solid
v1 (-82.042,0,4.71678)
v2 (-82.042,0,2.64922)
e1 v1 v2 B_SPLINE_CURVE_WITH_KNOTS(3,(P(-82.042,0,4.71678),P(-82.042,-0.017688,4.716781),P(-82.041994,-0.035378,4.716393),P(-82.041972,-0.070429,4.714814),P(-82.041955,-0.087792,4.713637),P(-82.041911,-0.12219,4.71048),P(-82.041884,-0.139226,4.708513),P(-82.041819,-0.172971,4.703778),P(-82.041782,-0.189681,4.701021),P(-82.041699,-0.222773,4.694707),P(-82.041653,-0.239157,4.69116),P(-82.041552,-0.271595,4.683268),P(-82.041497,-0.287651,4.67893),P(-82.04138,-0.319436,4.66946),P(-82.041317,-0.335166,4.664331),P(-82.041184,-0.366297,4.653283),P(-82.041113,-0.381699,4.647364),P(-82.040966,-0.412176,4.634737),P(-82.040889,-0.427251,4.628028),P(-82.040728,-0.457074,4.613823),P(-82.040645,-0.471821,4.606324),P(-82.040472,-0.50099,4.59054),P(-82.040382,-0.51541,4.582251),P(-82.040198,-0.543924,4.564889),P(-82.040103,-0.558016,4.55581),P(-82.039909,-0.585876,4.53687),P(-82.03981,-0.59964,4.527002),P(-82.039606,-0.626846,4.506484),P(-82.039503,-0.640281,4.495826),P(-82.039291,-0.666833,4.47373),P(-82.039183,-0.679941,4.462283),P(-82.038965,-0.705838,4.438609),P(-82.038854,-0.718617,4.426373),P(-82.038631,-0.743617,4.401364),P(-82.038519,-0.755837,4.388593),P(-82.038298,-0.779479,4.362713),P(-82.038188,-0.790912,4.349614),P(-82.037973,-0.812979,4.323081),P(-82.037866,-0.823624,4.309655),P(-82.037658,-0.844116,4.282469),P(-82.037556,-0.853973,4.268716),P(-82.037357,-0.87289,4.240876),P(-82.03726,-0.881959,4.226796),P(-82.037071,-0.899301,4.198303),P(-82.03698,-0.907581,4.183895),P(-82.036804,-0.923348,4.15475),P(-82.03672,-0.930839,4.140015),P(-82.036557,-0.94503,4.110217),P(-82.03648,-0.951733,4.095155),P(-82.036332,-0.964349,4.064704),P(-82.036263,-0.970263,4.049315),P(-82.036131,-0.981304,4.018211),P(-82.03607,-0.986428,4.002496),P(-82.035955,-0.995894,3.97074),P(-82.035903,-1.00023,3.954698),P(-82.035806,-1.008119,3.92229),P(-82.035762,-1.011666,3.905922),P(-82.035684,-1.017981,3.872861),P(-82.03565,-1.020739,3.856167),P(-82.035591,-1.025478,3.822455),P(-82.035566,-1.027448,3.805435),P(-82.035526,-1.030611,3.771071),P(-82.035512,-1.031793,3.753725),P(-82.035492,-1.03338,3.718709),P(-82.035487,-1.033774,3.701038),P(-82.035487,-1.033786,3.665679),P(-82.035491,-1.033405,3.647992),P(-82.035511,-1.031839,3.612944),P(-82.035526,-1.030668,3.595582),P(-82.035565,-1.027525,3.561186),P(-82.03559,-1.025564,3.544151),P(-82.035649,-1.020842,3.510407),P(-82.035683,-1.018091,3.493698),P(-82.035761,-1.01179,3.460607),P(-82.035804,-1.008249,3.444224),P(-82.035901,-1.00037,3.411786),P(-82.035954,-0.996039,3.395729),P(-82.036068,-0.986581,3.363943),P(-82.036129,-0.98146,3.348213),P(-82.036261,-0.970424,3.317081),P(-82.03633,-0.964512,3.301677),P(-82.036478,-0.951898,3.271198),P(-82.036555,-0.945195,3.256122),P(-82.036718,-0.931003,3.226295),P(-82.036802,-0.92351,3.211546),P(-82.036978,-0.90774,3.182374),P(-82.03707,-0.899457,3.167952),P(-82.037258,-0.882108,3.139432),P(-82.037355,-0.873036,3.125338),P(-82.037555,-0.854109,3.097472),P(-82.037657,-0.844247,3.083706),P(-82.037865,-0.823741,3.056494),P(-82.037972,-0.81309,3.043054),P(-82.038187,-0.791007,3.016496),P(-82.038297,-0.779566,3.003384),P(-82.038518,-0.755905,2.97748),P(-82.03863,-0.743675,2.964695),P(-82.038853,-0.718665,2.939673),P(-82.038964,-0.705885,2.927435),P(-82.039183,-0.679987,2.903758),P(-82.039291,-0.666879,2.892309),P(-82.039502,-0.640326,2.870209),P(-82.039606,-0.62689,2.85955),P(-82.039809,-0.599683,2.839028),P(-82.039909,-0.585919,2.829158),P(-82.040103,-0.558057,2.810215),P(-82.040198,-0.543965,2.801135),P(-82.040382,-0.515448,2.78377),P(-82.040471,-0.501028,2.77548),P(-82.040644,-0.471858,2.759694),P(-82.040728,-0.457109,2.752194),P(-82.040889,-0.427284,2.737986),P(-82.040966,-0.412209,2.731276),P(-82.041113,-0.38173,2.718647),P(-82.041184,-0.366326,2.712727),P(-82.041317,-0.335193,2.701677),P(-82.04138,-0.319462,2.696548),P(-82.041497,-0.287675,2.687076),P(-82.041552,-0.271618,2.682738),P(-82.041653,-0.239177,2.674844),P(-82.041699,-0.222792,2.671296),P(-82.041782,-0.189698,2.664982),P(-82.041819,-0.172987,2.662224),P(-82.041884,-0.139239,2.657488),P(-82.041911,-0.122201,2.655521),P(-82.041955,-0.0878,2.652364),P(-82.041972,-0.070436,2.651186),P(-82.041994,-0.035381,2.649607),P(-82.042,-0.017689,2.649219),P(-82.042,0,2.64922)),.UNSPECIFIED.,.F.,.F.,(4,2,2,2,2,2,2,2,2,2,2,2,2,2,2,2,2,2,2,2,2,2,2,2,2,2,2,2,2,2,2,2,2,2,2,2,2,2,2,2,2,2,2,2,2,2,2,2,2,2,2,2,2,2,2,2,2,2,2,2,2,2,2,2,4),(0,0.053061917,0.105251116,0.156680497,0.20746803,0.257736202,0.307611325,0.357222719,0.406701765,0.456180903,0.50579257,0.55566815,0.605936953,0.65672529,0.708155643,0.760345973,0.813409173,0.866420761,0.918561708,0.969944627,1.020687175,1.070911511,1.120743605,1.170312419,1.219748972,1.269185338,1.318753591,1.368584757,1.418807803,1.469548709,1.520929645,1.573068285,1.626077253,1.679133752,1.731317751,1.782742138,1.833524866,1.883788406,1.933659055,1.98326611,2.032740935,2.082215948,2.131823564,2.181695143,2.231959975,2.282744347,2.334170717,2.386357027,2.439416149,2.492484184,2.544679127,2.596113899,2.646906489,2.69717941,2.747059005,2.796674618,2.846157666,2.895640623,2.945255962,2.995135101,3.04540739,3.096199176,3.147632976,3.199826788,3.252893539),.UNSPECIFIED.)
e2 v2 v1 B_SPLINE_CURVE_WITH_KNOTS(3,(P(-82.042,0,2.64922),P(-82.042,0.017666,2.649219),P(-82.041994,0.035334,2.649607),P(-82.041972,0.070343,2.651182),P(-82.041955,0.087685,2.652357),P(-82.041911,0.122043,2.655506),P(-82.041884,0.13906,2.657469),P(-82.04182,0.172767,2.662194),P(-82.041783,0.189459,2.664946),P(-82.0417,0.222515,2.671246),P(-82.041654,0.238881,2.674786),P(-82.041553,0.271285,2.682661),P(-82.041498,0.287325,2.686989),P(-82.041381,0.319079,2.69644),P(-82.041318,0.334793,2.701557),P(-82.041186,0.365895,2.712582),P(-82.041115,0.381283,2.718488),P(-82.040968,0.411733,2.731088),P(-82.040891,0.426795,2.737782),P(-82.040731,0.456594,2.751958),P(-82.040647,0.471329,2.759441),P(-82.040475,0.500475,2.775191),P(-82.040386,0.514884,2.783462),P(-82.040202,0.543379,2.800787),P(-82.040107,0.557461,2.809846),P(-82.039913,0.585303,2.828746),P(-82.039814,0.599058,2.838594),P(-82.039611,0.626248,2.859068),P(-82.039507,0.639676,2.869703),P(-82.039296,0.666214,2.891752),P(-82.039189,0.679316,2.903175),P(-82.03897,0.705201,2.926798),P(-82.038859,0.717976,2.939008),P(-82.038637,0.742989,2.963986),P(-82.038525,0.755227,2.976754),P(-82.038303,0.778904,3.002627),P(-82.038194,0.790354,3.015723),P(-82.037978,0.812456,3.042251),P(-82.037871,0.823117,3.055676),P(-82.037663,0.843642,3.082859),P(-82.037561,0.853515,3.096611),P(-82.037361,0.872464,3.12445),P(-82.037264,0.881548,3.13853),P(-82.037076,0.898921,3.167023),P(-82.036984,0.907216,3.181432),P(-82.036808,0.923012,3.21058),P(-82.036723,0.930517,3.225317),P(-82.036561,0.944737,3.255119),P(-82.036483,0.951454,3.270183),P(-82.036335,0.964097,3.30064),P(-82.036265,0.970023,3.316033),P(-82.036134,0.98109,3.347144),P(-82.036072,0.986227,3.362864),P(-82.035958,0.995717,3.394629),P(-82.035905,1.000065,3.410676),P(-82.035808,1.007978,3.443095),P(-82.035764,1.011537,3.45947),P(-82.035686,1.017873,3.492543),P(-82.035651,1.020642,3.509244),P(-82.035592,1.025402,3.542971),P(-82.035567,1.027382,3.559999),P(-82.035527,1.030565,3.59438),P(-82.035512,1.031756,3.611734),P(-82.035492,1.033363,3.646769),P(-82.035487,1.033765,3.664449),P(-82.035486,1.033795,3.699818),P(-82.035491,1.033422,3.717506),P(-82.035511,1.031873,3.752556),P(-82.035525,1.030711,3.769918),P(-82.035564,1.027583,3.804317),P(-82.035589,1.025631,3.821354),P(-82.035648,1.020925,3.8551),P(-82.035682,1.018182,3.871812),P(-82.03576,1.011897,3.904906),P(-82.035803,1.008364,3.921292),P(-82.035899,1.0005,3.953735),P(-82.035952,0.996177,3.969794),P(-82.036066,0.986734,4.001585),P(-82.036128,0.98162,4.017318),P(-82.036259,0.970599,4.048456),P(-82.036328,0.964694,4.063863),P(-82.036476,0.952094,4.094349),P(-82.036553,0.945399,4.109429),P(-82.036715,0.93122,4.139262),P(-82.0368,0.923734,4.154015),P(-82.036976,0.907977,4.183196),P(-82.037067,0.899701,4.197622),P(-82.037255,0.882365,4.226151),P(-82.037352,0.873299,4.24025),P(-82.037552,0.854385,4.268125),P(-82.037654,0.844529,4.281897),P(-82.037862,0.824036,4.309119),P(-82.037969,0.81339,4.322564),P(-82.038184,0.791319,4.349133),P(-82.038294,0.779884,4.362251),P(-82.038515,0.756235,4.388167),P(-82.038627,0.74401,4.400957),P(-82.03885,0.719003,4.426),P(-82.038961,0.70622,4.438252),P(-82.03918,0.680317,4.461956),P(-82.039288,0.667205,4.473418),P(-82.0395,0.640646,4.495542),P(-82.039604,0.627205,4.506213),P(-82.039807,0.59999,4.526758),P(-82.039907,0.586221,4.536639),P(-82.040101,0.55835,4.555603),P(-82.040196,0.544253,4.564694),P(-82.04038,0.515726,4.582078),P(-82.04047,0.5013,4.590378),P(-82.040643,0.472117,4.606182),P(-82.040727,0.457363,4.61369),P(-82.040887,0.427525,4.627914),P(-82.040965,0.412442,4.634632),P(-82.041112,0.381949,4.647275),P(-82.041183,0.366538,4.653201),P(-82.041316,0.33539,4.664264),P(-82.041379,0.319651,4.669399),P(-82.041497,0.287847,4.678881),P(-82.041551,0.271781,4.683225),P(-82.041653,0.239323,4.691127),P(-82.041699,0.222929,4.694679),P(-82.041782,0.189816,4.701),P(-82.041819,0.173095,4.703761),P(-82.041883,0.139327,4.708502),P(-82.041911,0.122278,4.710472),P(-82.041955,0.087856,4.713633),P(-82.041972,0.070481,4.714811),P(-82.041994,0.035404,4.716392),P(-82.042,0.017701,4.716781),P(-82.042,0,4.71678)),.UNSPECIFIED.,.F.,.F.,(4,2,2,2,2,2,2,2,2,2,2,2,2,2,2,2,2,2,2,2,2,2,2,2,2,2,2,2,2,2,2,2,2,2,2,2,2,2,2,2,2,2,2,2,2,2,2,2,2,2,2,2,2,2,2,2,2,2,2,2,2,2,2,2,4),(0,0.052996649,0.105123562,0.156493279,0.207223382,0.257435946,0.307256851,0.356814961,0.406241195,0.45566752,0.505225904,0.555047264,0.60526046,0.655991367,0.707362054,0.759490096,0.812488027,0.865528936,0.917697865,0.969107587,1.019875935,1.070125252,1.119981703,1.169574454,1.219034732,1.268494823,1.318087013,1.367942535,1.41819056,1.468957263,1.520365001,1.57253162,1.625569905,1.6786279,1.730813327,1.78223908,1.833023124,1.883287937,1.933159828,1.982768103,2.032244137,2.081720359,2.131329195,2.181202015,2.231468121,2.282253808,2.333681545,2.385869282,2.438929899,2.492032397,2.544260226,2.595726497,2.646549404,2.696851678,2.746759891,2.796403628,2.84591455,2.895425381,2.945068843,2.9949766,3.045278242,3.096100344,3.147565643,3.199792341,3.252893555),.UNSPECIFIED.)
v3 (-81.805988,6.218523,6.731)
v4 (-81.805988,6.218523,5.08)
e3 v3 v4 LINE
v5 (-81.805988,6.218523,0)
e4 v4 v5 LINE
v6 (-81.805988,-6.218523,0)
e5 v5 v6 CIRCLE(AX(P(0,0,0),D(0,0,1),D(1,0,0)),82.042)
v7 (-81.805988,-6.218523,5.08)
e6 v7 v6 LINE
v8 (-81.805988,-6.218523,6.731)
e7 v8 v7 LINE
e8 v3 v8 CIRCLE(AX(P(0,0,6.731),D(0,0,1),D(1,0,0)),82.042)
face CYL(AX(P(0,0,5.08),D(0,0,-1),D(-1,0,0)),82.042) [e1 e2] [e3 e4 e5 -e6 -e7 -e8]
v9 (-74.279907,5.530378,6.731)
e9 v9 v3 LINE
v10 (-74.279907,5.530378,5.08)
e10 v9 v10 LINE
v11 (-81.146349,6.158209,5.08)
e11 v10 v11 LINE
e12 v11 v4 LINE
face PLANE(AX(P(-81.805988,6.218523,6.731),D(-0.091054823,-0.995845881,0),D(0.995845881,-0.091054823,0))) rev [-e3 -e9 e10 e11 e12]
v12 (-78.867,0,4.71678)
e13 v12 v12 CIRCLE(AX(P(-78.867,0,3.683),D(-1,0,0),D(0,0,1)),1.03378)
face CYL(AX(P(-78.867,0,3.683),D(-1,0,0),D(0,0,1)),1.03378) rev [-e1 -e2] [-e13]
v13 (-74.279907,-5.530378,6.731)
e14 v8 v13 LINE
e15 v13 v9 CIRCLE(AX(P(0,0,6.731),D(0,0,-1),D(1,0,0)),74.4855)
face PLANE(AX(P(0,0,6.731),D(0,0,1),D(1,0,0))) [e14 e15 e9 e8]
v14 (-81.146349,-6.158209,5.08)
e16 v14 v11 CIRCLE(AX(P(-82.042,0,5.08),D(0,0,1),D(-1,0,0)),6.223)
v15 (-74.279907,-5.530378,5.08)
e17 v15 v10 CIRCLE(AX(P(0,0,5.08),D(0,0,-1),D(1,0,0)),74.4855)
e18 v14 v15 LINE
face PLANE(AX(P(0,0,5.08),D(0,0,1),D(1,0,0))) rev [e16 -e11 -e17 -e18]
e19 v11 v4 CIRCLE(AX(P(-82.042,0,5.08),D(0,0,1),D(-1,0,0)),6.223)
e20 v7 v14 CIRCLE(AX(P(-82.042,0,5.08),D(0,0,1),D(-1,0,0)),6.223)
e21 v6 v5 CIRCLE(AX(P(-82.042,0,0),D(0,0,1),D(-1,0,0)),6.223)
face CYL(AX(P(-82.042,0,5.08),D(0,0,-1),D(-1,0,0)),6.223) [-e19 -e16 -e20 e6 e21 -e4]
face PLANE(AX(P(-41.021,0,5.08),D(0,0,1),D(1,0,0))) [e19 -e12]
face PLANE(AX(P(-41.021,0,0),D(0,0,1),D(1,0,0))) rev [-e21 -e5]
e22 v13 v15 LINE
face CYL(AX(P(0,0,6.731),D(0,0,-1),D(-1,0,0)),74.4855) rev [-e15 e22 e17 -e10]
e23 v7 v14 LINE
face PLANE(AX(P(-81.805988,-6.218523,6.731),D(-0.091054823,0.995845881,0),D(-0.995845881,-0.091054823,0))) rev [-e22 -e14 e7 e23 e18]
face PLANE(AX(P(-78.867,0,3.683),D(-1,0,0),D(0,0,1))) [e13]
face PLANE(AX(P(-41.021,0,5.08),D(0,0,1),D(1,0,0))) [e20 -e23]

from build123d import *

# Parameters (mm, degrees)
BOSS_EXTRUDE1_DEPTH = 5.08
BOSS_EXTRUDE2_DEPTH = 1.651
SKETCH4_R           = 1.03378
CUT_EXTRUDE1_DEPTH  = 3.175


with BuildPart() as part:
    # Sketch2 → Boss-Extrude1 (new body)
    with BuildSketch(Plane.XY):
        with BuildLine():
            ThreePointArc((-81.80598839, 6.218522937), (-75.819, 0), (-81.80598839, -6.218522937))
            ThreePointArc((-81.80598839, -6.218522937), (-82.042, 0), (-81.80598839, 6.218522937))
        make_face()
    extrude(amount=BOSS_EXTRUDE1_DEPTH)

    # Sketch3 → Boss-Extrude2 (add)
    with BuildSketch(Plane.XY.offset(5.08)):
        with BuildLine():
            Line((-81.80598839, 6.218522937), (-74.279907283, 5.53037832))
            ThreePointArc((-74.279907283, 5.53037832), (-74.4855, 0), (-74.279907283, -5.53037832))
            Line((-74.279907283, -5.53037832), (-81.80598839, -6.218522937))
            ThreePointArc((-81.80598839, -6.218522937), (-82.042, 0), (-81.80598839, 6.218522937))
        make_face()
    extrude(amount=BOSS_EXTRUDE2_DEPTH)

    # Sketch4 → Cut-Extrude1 (cut)
    with BuildSketch(Plane.ZY.offset(82.042)):
        with Locations((3.683, 0)):
            Circle(SKETCH4_R)
    extrude(amount=-CUT_EXTRUDE1_DEPTH, mode=Mode.SUBTRACT)


solid = part.part
